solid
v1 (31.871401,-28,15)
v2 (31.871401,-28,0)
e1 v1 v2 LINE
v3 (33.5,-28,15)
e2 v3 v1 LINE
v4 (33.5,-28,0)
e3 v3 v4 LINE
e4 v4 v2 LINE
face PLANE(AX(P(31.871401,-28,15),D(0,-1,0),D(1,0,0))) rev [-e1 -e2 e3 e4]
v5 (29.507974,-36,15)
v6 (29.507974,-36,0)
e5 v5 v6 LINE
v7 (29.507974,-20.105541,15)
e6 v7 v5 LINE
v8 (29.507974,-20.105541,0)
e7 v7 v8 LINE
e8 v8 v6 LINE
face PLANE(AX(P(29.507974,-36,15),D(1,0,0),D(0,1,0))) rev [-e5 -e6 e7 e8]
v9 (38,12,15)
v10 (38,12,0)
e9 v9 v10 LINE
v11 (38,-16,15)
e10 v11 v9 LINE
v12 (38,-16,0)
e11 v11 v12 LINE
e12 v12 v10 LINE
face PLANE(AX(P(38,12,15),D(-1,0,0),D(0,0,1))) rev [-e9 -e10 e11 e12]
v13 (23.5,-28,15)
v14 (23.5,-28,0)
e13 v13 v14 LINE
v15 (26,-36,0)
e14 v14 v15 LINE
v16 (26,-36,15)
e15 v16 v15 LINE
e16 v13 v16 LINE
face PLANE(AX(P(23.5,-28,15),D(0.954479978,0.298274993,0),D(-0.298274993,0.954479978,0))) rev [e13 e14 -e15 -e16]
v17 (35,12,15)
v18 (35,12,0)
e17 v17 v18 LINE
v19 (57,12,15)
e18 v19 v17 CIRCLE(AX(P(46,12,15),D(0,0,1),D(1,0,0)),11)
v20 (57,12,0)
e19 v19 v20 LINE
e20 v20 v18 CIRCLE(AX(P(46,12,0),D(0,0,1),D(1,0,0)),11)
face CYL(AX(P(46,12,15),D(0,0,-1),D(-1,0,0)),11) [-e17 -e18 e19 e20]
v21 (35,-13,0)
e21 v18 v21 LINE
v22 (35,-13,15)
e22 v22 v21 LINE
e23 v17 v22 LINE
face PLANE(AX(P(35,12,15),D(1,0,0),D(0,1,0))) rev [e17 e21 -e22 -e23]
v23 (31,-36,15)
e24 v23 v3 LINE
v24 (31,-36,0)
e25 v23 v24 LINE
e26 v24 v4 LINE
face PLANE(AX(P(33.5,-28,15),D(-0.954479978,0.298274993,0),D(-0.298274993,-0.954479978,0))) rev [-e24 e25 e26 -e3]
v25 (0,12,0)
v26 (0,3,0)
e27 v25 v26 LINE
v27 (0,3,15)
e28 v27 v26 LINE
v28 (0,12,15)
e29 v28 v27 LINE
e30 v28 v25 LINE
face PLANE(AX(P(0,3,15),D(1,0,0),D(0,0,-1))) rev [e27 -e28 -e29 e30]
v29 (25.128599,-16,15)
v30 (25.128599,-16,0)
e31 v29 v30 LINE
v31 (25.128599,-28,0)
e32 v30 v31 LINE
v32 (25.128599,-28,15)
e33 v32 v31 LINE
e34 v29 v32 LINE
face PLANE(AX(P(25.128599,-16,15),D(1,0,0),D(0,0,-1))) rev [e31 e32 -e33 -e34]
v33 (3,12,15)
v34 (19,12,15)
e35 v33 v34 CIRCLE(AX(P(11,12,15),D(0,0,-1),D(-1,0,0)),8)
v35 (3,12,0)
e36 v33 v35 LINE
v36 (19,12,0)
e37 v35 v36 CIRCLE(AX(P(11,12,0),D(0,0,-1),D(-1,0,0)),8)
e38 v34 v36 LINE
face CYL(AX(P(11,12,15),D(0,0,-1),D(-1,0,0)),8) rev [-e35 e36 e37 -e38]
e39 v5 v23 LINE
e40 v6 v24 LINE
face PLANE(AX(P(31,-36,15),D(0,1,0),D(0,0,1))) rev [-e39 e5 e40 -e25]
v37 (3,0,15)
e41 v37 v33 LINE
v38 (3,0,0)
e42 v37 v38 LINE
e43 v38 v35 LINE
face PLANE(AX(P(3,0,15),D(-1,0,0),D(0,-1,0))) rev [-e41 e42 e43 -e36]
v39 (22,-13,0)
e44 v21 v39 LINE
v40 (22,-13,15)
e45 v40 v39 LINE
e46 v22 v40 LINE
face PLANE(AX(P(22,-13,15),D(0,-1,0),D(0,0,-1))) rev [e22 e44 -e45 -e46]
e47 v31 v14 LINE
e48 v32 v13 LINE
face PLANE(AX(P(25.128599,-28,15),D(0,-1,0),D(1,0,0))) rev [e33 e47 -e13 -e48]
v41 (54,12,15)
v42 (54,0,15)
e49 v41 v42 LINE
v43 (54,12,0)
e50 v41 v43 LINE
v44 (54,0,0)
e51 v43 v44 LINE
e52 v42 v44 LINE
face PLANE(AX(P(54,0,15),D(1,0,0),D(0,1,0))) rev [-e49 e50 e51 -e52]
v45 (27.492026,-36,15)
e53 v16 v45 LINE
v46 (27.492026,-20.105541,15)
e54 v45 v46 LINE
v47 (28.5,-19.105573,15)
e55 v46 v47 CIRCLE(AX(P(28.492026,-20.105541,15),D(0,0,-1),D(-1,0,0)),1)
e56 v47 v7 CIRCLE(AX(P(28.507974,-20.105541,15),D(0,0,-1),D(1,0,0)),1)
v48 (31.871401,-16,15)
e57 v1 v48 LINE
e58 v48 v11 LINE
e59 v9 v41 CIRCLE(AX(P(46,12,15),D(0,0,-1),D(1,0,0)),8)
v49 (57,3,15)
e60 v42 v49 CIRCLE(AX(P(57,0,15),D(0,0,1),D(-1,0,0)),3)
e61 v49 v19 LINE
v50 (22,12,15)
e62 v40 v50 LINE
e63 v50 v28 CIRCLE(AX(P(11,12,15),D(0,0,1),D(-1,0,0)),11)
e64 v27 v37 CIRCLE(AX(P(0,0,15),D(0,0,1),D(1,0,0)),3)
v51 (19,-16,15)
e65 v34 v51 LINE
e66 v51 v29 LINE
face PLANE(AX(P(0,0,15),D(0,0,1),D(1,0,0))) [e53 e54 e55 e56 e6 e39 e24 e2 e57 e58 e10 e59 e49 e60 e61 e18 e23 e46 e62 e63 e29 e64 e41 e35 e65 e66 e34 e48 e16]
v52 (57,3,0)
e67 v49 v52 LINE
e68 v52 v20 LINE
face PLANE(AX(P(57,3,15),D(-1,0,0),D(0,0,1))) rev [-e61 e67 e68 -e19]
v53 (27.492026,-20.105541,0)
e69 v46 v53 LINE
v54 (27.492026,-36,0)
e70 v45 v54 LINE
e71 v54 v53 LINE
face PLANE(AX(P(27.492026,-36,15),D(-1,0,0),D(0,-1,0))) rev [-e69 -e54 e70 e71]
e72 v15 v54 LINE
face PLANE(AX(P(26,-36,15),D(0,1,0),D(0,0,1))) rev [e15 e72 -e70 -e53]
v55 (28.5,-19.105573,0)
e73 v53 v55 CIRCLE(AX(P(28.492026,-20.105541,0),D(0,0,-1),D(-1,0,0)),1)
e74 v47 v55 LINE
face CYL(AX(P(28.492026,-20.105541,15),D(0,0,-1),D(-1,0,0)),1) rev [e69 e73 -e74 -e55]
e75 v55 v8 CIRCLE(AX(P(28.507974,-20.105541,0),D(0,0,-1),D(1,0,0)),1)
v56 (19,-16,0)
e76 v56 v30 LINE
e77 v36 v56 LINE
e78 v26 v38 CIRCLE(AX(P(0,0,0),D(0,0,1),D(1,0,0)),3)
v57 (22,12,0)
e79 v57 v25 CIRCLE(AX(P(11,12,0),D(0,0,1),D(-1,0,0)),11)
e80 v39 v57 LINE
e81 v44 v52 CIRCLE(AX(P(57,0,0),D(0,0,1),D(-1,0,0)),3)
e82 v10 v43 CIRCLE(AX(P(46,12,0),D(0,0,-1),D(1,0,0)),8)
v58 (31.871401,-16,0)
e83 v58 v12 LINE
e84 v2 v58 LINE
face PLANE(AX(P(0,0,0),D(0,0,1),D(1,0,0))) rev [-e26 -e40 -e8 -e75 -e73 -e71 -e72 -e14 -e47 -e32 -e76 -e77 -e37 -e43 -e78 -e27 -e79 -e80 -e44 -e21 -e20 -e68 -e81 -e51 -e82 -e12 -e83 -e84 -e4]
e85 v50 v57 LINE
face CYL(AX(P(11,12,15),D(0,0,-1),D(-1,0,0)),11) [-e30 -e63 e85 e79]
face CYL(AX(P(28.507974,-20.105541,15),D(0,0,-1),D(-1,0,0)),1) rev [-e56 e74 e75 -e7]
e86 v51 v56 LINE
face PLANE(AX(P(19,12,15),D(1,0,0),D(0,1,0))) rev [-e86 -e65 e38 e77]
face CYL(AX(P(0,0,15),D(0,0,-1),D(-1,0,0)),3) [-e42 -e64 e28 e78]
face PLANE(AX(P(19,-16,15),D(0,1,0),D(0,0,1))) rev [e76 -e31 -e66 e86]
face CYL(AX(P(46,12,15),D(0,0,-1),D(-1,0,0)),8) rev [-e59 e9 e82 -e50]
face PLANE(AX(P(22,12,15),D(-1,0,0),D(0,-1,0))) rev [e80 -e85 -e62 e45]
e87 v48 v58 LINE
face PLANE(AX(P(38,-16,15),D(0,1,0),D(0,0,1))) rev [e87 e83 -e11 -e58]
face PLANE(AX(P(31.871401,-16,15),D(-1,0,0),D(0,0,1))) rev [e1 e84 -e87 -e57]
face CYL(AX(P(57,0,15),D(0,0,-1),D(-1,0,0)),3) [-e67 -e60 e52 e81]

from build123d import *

# Parameters (mm, degrees)
BOSS_EXTRUDE1_DEPTH = 15


with BuildPart() as part:
    # Sketch1 → Boss-Extrude1 (new body)
    with BuildSketch(Plane.XY):
        with BuildLine():
            Line((0, 3), (0, 12))
            ThreePointArc((0, 12), (11, 23), (22, 12))
            Line((22, 12), (22, -13))
            Line((22, -13), (35, -13))
            Line((35, -13), (35, 12))
            ThreePointArc((35, 12), (46, 23), (57, 12))
            Line((57, 12), (57, 3))
            ThreePointArc((57, 3), (59.121320344, -2.121320344), (54, 0))
            Line((54, 0), (54, 12))
            ThreePointArc((54, 12), (46, 20), (38, 12))
            Line((38, 12), (38, -16))
            Line((38, -16), (31.871401461, -16))
            Line((31.871401461, -16), (31.871401461, -28))
            Line((31.871401461, -28), (33.5, -28))
            Line((33.5, -28), (31, -36))
            Line((31, -36), (29.507974066, -36))
            Line((29.507974066, -36), (29.507974066, -20.105540997))
            ThreePointArc((29.507974066, -20.105540997), (29.212255946, -19.395620555), (28.5, -19.10557279))
            ThreePointArc((28.5, -19.10557279), (27.787744054, -19.395620555), (27.492025934, -20.105540997))
            Line((27.492025934, -20.105540997), (27.492025934, -36))
            Line((27.492025934, -36), (26, -36))
            Line((26, -36), (23.5, -28))
            Line((23.5, -28), (25.128598539, -28))
            Line((25.128598539, -28), (25.128598539, -16))
            Line((25.128598539, -16), (19, -16))
            Line((19, -16), (19, 12))
            ThreePointArc((19, 12), (11, 20), (3, 12))
            Line((3, 12), (3, 0))
            ThreePointArc((3, 0), (-2.121320344, -2.121320344), (0, 3))
        make_face()
    extrude(amount=BOSS_EXTRUDE1_DEPTH)


solid = part.part
